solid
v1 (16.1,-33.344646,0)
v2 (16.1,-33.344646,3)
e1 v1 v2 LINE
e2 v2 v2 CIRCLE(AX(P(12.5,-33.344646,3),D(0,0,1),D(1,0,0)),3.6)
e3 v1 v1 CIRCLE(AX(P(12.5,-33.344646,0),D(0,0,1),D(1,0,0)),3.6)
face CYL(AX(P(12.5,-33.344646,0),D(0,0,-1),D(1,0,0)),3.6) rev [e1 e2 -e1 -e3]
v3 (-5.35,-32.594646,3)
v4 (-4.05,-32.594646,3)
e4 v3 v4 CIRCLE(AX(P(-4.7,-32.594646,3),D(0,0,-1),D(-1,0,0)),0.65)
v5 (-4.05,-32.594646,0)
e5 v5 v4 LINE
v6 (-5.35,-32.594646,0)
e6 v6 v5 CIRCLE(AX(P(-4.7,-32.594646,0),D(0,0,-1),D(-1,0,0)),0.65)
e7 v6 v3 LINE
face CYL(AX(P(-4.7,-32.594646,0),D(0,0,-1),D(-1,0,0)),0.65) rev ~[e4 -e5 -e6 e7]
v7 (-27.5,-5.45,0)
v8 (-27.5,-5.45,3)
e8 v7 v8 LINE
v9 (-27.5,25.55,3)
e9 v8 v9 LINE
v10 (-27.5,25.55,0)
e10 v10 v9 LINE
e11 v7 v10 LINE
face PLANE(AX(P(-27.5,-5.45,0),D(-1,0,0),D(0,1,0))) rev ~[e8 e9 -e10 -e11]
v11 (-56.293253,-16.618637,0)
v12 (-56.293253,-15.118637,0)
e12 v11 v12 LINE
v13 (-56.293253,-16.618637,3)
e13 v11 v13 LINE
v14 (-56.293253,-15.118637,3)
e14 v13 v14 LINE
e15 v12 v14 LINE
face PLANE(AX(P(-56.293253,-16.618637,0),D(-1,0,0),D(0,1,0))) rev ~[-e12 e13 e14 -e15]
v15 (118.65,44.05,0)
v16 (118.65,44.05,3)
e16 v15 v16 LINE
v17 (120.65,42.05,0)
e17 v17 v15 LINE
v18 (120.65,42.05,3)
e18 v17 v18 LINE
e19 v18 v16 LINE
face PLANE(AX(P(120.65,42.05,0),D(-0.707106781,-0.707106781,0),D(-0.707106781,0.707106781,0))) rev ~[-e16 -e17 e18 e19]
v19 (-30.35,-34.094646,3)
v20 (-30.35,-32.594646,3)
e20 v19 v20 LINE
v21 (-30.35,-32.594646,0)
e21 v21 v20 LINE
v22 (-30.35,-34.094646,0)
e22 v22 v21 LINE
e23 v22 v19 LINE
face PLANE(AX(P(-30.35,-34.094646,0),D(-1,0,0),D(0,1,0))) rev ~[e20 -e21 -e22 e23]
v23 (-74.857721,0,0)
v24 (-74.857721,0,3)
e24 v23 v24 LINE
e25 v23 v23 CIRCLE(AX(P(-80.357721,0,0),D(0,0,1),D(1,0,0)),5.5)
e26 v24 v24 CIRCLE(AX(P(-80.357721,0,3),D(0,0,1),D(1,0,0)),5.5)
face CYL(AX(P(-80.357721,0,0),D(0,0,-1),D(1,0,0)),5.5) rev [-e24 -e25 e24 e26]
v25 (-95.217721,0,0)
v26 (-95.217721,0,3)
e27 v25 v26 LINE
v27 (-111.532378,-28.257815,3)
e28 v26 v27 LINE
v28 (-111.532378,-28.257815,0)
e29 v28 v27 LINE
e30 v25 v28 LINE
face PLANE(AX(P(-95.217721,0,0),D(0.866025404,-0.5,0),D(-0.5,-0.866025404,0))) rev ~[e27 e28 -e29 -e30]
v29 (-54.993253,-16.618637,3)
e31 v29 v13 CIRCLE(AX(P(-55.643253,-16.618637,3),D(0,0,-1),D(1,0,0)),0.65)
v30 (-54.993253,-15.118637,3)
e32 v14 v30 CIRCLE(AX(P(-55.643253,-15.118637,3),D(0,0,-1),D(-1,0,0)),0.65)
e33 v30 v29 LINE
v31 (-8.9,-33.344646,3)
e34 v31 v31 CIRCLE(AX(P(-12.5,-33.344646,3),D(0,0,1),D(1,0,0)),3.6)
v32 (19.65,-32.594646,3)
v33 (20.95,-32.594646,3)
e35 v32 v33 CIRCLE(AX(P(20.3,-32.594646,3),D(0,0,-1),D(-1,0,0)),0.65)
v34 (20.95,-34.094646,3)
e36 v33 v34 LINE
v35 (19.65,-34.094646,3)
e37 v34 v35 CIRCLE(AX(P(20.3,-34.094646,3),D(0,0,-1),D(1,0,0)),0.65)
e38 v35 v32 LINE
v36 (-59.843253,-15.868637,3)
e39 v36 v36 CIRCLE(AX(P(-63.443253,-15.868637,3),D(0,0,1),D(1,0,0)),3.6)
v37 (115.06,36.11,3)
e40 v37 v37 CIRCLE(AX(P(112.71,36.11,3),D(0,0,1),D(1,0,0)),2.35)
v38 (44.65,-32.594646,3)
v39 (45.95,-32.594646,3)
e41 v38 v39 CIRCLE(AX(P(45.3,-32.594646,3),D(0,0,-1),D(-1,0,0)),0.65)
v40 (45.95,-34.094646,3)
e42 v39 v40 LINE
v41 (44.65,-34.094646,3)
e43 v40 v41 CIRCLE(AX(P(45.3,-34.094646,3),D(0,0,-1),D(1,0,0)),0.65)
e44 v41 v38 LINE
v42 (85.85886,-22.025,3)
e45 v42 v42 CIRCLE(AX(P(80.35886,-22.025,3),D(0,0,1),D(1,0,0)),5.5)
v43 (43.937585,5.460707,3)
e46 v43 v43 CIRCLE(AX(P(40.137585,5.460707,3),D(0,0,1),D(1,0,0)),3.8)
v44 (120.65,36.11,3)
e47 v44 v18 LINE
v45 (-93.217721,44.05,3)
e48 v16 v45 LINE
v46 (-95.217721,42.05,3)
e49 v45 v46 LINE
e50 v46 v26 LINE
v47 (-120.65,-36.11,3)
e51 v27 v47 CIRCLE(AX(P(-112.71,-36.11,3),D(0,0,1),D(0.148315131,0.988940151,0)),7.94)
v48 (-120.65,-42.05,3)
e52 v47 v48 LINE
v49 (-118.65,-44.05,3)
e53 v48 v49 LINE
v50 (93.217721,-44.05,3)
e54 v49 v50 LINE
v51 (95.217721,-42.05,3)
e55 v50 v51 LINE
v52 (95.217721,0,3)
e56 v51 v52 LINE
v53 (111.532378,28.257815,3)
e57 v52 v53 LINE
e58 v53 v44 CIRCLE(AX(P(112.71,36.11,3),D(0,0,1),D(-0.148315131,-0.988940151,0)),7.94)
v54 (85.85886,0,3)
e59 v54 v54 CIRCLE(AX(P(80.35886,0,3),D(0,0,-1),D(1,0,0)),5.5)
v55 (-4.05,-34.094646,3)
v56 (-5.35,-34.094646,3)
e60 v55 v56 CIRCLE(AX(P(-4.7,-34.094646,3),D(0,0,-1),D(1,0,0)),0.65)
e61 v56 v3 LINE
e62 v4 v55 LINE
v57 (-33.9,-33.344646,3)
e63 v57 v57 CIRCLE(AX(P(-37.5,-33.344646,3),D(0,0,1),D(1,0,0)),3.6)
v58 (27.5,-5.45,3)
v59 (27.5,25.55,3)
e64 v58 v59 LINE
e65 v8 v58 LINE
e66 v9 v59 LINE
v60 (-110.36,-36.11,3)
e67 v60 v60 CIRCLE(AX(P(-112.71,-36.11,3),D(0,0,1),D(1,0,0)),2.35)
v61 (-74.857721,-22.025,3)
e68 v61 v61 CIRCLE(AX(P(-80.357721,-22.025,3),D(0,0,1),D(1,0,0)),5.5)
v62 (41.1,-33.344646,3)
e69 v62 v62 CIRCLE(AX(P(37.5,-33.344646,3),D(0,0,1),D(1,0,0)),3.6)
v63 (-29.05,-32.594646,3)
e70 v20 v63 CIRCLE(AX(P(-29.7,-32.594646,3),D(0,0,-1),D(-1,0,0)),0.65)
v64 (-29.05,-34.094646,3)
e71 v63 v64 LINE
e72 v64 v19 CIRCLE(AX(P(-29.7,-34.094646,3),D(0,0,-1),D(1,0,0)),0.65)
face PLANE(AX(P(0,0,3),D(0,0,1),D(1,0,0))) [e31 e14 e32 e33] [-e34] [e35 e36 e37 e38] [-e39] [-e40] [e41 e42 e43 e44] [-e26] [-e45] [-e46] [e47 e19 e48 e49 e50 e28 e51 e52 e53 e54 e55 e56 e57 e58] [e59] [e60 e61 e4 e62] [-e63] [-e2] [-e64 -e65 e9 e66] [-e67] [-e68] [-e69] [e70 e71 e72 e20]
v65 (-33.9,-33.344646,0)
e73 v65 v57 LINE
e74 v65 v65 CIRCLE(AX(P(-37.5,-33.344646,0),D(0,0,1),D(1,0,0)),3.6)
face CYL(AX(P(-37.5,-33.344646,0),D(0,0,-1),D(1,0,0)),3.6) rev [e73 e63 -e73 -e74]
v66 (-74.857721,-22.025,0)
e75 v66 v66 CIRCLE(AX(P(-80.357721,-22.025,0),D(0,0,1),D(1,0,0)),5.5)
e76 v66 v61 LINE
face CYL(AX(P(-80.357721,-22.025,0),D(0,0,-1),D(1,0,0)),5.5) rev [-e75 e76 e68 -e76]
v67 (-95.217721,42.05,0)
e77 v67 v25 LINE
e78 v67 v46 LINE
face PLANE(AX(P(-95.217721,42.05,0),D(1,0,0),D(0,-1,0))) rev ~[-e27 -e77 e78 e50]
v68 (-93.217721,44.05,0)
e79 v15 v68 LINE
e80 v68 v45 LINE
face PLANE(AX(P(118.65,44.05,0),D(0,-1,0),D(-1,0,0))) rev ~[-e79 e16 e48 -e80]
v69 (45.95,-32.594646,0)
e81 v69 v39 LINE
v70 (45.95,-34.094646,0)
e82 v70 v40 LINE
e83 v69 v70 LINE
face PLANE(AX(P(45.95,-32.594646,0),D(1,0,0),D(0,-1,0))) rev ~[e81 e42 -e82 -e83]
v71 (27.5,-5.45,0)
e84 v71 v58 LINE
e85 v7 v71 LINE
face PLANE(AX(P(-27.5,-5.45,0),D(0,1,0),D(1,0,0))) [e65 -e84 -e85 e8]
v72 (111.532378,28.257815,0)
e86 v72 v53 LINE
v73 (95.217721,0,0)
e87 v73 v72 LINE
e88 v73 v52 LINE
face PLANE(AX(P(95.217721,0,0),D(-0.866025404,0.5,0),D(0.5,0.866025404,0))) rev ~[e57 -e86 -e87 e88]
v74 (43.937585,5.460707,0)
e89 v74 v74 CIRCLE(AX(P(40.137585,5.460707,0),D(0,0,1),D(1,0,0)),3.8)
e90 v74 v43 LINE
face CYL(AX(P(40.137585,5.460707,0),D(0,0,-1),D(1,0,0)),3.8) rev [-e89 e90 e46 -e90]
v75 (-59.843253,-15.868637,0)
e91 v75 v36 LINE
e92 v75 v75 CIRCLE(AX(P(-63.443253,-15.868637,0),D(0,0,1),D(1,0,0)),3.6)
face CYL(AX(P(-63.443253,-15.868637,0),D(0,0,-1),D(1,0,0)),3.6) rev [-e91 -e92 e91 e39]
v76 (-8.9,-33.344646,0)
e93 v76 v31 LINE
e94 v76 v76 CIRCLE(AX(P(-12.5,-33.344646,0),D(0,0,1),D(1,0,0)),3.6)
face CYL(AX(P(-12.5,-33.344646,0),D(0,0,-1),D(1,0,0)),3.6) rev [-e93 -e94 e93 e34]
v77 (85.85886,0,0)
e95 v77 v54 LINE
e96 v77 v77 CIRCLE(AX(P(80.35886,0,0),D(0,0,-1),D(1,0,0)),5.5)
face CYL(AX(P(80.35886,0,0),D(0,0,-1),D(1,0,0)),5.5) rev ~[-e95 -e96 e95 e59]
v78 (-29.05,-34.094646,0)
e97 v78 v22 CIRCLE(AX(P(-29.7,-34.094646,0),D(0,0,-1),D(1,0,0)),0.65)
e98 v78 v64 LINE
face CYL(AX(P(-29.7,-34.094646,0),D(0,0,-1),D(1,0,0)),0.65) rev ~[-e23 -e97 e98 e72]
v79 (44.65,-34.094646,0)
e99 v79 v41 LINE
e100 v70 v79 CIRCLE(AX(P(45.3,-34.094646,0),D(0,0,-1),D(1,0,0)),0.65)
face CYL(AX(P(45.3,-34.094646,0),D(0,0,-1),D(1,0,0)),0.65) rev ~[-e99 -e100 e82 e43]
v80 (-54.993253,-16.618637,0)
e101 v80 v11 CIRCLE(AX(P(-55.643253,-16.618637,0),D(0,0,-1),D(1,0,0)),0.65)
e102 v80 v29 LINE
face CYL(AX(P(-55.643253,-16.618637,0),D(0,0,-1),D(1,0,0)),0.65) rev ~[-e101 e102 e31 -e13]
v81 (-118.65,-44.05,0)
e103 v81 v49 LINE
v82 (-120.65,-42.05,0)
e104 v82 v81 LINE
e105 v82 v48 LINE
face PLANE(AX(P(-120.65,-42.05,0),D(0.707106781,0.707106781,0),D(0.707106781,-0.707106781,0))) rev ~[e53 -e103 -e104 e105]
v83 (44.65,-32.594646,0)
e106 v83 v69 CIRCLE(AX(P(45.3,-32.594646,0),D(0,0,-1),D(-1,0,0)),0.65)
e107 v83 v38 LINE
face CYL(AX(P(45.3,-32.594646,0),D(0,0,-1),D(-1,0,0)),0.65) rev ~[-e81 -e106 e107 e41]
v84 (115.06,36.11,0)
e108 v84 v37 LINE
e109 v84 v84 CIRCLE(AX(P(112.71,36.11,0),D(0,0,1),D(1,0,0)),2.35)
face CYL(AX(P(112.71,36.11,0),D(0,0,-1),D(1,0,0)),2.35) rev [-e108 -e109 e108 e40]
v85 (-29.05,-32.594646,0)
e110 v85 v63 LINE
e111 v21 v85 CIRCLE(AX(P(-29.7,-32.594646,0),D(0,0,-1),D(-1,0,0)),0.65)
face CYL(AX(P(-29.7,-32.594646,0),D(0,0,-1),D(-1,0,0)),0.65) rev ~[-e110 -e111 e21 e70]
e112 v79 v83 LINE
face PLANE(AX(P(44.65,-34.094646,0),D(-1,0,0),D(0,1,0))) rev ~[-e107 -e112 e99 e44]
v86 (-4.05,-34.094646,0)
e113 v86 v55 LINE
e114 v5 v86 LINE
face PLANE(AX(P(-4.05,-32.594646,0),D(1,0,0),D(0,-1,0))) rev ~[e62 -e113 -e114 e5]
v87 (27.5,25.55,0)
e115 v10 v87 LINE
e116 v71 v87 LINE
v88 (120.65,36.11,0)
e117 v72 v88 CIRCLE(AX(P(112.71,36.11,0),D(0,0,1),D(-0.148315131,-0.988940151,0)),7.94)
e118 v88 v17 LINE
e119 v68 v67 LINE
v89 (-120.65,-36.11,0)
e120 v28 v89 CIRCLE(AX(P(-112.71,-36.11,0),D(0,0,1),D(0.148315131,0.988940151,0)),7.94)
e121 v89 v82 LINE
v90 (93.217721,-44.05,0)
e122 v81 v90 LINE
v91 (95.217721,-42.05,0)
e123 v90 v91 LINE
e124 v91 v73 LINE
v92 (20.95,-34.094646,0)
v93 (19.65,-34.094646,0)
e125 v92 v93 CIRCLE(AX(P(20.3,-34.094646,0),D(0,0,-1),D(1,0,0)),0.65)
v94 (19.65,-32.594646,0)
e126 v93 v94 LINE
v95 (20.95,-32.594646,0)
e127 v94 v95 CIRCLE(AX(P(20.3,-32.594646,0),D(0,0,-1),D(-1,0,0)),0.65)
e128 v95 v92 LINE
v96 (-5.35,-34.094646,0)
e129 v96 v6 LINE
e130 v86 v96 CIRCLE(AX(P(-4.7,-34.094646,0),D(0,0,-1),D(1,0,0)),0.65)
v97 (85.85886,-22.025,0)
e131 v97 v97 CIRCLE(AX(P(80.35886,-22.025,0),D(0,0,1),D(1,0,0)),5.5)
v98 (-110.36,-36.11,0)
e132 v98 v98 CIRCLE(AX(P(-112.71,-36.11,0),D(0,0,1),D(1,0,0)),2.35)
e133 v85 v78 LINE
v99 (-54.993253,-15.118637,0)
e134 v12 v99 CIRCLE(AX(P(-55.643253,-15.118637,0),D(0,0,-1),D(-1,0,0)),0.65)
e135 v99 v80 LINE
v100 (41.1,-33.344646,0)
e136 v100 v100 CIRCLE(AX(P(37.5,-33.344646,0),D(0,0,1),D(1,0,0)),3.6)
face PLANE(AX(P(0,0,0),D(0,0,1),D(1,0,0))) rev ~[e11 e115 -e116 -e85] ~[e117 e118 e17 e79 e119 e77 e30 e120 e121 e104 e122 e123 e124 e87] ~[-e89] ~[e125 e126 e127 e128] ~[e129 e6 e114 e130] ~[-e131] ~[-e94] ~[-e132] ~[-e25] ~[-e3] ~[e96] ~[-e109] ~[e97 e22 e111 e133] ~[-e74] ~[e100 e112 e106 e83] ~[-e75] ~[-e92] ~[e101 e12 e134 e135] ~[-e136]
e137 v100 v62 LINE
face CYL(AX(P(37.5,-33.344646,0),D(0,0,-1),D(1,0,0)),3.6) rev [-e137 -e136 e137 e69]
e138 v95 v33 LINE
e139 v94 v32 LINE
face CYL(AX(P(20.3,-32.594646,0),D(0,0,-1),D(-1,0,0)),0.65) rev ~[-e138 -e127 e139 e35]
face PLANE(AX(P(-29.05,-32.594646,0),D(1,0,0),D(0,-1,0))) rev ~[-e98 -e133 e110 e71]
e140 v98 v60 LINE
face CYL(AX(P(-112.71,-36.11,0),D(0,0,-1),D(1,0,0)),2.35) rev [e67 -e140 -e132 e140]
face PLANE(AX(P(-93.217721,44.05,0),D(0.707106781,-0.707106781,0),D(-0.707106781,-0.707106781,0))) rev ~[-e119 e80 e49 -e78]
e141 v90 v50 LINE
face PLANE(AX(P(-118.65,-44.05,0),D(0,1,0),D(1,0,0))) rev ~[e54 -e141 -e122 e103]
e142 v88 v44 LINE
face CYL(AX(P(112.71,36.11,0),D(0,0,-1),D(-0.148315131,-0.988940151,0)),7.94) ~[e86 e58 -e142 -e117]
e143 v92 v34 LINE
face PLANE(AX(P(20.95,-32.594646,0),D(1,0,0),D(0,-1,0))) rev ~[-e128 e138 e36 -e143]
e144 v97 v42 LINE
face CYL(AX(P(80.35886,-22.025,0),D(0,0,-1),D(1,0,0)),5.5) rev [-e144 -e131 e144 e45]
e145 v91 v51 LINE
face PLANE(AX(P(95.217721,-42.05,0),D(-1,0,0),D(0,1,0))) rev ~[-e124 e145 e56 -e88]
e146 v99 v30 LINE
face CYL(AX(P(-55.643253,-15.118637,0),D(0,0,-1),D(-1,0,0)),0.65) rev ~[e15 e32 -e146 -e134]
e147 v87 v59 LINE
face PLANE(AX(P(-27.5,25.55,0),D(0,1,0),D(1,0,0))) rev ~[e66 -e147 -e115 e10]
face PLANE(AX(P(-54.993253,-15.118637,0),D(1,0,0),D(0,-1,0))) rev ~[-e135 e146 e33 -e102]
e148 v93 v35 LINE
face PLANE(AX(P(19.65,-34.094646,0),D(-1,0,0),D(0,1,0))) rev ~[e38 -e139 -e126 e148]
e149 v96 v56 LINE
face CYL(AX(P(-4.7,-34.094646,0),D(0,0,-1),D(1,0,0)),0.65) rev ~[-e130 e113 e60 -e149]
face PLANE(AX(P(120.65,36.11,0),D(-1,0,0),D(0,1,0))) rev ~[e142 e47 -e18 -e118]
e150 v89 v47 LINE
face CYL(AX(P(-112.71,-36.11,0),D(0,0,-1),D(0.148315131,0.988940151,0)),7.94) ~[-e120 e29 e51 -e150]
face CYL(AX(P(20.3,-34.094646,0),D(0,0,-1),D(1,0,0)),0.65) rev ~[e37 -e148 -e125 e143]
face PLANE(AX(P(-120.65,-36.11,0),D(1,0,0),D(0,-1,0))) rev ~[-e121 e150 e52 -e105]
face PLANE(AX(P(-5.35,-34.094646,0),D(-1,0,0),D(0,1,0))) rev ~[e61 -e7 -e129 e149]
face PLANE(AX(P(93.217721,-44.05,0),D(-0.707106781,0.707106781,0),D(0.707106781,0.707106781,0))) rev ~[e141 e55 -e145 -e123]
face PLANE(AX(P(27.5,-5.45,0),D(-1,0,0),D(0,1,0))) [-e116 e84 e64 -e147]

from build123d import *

# Parameters (mm, degrees)
SKETCH1_R           = 2.35
SKETCH1_R_2         = 5.5
SKETCH1_R_3         = 3.6
SKETCH1_R_4         = 3.8
SKETCH1_W           = 55
SKETCH1_H           = 31
BOSS_EXTRUDE1_DEPTH = 3


with BuildPart() as part:
    # Sketch1 → Boss-Extrude1 (new body)
    with BuildSketch(Plane.XY):
        with BuildLine():
            Line((-95.217720642, 42.05), (-95.217720642, 0))
            Line((-95.217720642, 0), (-111.532377856, -28.257815203))
            ThreePointArc((-111.532377856, -28.257815203), (-117.891374344, -30.093609063), (-120.65, -36.11))
            Line((-120.65, -36.11), (-120.65, -42.05))
            Line((-120.65, -42.05), (-118.65, -44.05))
            Line((-118.65, -44.05), (93.217720642, -44.05))
            Line((93.217720642, -44.05), (95.217720642, -42.05))
            Line((95.217720642, -42.05), (95.217720642, 0))
            Line((95.217720642, 0), (111.532377856, 28.257815203))
            ThreePointArc((111.532377856, 28.257815203), (117.891374344, 30.093609063), (120.65, 36.11))
            Line((120.65, 36.11), (120.65, 42.05))
            Line((120.65, 42.05), (118.65, 44.05))
            Line((118.65, 44.05), (-93.217720642, 44.05))
            Line((-93.217720642, 44.05), (-95.217720642, 42.05))
        make_face()
        with Locations((-112.71, -36.11)):
            Circle(SKETCH1_R, mode=Mode.SUBTRACT)
        with Locations((-80.357720642, -22.025)):
            Circle(SKETCH1_R_2, mode=Mode.SUBTRACT)
        with Locations((-37.5, -33.344646258)):
            Circle(SKETCH1_R_3, mode=Mode.SUBTRACT)
        with BuildLine():
            ThreePointArc((-30.35, -32.594646258), (-29.7, -31.944646258), (-29.05, -32.594646258))
            Line((-29.05, -32.594646258), (-29.05, -34.094646258))
            ThreePointArc((-29.05, -34.094646258), (-29.7, -34.744646258), (-30.35, -34.094646258))
            Line((-30.35, -34.094646258), (-30.35, -32.594646258))
        make_face(mode=Mode.SUBTRACT)
        with Locations((-12.5, -33.344646258)):
            Circle(SKETCH1_R_3, mode=Mode.SUBTRACT)
        with BuildLine():
            Line((-5.35, -34.094646258), (-5.35, -32.594646258))
            ThreePointArc((-5.35, -32.594646258), (-4.7, -31.944646258), (-4.05, -32.594646258))
            Line((-4.05, -32.594646258), (-4.05, -34.094646258))
            ThreePointArc((-4.05, -34.094646258), (-4.7, -34.744646258), (-5.35, -34.094646258))
        make_face(mode=Mode.SUBTRACT)
        with Locations((12.5, -33.344646258)):
            Circle(SKETCH1_R_3, mode=Mode.SUBTRACT)
        with BuildLine():
            Line((19.65, -34.094646258), (19.65, -32.594646258))
            ThreePointArc((19.65, -32.594646258), (20.3, -31.944646258), (20.95, -32.594646258))
            Line((20.95, -32.594646258), (20.95, -34.094646258))
            ThreePointArc((20.95, -34.094646258), (20.3, -34.744646258), (19.65, -34.094646258))
        make_face(mode=Mode.SUBTRACT)
        with Locations((37.5, -33.344646258)):
            Circle(SKETCH1_R_3, mode=Mode.SUBTRACT)
        with BuildLine():
            Line((44.65, -34.094646258), (44.65, -32.594646258))
            ThreePointArc((44.65, -32.594646258), (45.3, -31.944646258), (45.95, -32.594646258))
            Line((45.95, -32.594646258), (45.95, -34.094646258))
            ThreePointArc((45.95, -34.094646258), (45.3, -34.744646258), (44.65, -34.094646258))
        make_face(mode=Mode.SUBTRACT)
        with Locations((80.358860321, -22.025)):
            Circle(SKETCH1_R_2, mode=Mode.SUBTRACT)
        with Locations((-80.357720642, 0)):
            Circle(SKETCH1_R_2, mode=Mode.SUBTRACT)
        with Locations((40.137585267, 5.460707483)):
            Circle(SKETCH1_R_4, mode=Mode.SUBTRACT)
        with Locations((0, 10.05)):
            Rectangle(SKETCH1_W, SKETCH1_H, mode=Mode.SUBTRACT)
        with BuildLine():
            ThreePointArc((74.858860321, 0), (80.358860321, 5.5), (85.858860321, 0))
            ThreePointArc((85.858860321, 0), (80.358860321, -5.5), (74.858860321, 0))
        make_face(mode=Mode.SUBTRACT)
        with Locations((112.71, 36.11)):
            Circle(SKETCH1_R, mode=Mode.SUBTRACT)
        with BuildLine():
            ThreePointArc((-54.993253468, -16.61863742), (-55.643253468, -17.26863742), (-56.293253468, -16.61863742))
            Line((-56.293253468, -16.61863742), (-56.293253468, -15.11863742))
            ThreePointArc((-56.293253468, -15.11863742), (-55.643253468, -14.46863742), (-54.993253468, -15.11863742))
            Line((-54.993253468, -15.11863742), (-54.993253468, -16.61863742))
        make_face(mode=Mode.SUBTRACT)
        with Locations((-63.443253468, -15.86863742)):
            Circle(SKETCH1_R_3, mode=Mode.SUBTRACT)
    extrude(amount=BOSS_EXTRUDE1_DEPTH)


solid = part.part
